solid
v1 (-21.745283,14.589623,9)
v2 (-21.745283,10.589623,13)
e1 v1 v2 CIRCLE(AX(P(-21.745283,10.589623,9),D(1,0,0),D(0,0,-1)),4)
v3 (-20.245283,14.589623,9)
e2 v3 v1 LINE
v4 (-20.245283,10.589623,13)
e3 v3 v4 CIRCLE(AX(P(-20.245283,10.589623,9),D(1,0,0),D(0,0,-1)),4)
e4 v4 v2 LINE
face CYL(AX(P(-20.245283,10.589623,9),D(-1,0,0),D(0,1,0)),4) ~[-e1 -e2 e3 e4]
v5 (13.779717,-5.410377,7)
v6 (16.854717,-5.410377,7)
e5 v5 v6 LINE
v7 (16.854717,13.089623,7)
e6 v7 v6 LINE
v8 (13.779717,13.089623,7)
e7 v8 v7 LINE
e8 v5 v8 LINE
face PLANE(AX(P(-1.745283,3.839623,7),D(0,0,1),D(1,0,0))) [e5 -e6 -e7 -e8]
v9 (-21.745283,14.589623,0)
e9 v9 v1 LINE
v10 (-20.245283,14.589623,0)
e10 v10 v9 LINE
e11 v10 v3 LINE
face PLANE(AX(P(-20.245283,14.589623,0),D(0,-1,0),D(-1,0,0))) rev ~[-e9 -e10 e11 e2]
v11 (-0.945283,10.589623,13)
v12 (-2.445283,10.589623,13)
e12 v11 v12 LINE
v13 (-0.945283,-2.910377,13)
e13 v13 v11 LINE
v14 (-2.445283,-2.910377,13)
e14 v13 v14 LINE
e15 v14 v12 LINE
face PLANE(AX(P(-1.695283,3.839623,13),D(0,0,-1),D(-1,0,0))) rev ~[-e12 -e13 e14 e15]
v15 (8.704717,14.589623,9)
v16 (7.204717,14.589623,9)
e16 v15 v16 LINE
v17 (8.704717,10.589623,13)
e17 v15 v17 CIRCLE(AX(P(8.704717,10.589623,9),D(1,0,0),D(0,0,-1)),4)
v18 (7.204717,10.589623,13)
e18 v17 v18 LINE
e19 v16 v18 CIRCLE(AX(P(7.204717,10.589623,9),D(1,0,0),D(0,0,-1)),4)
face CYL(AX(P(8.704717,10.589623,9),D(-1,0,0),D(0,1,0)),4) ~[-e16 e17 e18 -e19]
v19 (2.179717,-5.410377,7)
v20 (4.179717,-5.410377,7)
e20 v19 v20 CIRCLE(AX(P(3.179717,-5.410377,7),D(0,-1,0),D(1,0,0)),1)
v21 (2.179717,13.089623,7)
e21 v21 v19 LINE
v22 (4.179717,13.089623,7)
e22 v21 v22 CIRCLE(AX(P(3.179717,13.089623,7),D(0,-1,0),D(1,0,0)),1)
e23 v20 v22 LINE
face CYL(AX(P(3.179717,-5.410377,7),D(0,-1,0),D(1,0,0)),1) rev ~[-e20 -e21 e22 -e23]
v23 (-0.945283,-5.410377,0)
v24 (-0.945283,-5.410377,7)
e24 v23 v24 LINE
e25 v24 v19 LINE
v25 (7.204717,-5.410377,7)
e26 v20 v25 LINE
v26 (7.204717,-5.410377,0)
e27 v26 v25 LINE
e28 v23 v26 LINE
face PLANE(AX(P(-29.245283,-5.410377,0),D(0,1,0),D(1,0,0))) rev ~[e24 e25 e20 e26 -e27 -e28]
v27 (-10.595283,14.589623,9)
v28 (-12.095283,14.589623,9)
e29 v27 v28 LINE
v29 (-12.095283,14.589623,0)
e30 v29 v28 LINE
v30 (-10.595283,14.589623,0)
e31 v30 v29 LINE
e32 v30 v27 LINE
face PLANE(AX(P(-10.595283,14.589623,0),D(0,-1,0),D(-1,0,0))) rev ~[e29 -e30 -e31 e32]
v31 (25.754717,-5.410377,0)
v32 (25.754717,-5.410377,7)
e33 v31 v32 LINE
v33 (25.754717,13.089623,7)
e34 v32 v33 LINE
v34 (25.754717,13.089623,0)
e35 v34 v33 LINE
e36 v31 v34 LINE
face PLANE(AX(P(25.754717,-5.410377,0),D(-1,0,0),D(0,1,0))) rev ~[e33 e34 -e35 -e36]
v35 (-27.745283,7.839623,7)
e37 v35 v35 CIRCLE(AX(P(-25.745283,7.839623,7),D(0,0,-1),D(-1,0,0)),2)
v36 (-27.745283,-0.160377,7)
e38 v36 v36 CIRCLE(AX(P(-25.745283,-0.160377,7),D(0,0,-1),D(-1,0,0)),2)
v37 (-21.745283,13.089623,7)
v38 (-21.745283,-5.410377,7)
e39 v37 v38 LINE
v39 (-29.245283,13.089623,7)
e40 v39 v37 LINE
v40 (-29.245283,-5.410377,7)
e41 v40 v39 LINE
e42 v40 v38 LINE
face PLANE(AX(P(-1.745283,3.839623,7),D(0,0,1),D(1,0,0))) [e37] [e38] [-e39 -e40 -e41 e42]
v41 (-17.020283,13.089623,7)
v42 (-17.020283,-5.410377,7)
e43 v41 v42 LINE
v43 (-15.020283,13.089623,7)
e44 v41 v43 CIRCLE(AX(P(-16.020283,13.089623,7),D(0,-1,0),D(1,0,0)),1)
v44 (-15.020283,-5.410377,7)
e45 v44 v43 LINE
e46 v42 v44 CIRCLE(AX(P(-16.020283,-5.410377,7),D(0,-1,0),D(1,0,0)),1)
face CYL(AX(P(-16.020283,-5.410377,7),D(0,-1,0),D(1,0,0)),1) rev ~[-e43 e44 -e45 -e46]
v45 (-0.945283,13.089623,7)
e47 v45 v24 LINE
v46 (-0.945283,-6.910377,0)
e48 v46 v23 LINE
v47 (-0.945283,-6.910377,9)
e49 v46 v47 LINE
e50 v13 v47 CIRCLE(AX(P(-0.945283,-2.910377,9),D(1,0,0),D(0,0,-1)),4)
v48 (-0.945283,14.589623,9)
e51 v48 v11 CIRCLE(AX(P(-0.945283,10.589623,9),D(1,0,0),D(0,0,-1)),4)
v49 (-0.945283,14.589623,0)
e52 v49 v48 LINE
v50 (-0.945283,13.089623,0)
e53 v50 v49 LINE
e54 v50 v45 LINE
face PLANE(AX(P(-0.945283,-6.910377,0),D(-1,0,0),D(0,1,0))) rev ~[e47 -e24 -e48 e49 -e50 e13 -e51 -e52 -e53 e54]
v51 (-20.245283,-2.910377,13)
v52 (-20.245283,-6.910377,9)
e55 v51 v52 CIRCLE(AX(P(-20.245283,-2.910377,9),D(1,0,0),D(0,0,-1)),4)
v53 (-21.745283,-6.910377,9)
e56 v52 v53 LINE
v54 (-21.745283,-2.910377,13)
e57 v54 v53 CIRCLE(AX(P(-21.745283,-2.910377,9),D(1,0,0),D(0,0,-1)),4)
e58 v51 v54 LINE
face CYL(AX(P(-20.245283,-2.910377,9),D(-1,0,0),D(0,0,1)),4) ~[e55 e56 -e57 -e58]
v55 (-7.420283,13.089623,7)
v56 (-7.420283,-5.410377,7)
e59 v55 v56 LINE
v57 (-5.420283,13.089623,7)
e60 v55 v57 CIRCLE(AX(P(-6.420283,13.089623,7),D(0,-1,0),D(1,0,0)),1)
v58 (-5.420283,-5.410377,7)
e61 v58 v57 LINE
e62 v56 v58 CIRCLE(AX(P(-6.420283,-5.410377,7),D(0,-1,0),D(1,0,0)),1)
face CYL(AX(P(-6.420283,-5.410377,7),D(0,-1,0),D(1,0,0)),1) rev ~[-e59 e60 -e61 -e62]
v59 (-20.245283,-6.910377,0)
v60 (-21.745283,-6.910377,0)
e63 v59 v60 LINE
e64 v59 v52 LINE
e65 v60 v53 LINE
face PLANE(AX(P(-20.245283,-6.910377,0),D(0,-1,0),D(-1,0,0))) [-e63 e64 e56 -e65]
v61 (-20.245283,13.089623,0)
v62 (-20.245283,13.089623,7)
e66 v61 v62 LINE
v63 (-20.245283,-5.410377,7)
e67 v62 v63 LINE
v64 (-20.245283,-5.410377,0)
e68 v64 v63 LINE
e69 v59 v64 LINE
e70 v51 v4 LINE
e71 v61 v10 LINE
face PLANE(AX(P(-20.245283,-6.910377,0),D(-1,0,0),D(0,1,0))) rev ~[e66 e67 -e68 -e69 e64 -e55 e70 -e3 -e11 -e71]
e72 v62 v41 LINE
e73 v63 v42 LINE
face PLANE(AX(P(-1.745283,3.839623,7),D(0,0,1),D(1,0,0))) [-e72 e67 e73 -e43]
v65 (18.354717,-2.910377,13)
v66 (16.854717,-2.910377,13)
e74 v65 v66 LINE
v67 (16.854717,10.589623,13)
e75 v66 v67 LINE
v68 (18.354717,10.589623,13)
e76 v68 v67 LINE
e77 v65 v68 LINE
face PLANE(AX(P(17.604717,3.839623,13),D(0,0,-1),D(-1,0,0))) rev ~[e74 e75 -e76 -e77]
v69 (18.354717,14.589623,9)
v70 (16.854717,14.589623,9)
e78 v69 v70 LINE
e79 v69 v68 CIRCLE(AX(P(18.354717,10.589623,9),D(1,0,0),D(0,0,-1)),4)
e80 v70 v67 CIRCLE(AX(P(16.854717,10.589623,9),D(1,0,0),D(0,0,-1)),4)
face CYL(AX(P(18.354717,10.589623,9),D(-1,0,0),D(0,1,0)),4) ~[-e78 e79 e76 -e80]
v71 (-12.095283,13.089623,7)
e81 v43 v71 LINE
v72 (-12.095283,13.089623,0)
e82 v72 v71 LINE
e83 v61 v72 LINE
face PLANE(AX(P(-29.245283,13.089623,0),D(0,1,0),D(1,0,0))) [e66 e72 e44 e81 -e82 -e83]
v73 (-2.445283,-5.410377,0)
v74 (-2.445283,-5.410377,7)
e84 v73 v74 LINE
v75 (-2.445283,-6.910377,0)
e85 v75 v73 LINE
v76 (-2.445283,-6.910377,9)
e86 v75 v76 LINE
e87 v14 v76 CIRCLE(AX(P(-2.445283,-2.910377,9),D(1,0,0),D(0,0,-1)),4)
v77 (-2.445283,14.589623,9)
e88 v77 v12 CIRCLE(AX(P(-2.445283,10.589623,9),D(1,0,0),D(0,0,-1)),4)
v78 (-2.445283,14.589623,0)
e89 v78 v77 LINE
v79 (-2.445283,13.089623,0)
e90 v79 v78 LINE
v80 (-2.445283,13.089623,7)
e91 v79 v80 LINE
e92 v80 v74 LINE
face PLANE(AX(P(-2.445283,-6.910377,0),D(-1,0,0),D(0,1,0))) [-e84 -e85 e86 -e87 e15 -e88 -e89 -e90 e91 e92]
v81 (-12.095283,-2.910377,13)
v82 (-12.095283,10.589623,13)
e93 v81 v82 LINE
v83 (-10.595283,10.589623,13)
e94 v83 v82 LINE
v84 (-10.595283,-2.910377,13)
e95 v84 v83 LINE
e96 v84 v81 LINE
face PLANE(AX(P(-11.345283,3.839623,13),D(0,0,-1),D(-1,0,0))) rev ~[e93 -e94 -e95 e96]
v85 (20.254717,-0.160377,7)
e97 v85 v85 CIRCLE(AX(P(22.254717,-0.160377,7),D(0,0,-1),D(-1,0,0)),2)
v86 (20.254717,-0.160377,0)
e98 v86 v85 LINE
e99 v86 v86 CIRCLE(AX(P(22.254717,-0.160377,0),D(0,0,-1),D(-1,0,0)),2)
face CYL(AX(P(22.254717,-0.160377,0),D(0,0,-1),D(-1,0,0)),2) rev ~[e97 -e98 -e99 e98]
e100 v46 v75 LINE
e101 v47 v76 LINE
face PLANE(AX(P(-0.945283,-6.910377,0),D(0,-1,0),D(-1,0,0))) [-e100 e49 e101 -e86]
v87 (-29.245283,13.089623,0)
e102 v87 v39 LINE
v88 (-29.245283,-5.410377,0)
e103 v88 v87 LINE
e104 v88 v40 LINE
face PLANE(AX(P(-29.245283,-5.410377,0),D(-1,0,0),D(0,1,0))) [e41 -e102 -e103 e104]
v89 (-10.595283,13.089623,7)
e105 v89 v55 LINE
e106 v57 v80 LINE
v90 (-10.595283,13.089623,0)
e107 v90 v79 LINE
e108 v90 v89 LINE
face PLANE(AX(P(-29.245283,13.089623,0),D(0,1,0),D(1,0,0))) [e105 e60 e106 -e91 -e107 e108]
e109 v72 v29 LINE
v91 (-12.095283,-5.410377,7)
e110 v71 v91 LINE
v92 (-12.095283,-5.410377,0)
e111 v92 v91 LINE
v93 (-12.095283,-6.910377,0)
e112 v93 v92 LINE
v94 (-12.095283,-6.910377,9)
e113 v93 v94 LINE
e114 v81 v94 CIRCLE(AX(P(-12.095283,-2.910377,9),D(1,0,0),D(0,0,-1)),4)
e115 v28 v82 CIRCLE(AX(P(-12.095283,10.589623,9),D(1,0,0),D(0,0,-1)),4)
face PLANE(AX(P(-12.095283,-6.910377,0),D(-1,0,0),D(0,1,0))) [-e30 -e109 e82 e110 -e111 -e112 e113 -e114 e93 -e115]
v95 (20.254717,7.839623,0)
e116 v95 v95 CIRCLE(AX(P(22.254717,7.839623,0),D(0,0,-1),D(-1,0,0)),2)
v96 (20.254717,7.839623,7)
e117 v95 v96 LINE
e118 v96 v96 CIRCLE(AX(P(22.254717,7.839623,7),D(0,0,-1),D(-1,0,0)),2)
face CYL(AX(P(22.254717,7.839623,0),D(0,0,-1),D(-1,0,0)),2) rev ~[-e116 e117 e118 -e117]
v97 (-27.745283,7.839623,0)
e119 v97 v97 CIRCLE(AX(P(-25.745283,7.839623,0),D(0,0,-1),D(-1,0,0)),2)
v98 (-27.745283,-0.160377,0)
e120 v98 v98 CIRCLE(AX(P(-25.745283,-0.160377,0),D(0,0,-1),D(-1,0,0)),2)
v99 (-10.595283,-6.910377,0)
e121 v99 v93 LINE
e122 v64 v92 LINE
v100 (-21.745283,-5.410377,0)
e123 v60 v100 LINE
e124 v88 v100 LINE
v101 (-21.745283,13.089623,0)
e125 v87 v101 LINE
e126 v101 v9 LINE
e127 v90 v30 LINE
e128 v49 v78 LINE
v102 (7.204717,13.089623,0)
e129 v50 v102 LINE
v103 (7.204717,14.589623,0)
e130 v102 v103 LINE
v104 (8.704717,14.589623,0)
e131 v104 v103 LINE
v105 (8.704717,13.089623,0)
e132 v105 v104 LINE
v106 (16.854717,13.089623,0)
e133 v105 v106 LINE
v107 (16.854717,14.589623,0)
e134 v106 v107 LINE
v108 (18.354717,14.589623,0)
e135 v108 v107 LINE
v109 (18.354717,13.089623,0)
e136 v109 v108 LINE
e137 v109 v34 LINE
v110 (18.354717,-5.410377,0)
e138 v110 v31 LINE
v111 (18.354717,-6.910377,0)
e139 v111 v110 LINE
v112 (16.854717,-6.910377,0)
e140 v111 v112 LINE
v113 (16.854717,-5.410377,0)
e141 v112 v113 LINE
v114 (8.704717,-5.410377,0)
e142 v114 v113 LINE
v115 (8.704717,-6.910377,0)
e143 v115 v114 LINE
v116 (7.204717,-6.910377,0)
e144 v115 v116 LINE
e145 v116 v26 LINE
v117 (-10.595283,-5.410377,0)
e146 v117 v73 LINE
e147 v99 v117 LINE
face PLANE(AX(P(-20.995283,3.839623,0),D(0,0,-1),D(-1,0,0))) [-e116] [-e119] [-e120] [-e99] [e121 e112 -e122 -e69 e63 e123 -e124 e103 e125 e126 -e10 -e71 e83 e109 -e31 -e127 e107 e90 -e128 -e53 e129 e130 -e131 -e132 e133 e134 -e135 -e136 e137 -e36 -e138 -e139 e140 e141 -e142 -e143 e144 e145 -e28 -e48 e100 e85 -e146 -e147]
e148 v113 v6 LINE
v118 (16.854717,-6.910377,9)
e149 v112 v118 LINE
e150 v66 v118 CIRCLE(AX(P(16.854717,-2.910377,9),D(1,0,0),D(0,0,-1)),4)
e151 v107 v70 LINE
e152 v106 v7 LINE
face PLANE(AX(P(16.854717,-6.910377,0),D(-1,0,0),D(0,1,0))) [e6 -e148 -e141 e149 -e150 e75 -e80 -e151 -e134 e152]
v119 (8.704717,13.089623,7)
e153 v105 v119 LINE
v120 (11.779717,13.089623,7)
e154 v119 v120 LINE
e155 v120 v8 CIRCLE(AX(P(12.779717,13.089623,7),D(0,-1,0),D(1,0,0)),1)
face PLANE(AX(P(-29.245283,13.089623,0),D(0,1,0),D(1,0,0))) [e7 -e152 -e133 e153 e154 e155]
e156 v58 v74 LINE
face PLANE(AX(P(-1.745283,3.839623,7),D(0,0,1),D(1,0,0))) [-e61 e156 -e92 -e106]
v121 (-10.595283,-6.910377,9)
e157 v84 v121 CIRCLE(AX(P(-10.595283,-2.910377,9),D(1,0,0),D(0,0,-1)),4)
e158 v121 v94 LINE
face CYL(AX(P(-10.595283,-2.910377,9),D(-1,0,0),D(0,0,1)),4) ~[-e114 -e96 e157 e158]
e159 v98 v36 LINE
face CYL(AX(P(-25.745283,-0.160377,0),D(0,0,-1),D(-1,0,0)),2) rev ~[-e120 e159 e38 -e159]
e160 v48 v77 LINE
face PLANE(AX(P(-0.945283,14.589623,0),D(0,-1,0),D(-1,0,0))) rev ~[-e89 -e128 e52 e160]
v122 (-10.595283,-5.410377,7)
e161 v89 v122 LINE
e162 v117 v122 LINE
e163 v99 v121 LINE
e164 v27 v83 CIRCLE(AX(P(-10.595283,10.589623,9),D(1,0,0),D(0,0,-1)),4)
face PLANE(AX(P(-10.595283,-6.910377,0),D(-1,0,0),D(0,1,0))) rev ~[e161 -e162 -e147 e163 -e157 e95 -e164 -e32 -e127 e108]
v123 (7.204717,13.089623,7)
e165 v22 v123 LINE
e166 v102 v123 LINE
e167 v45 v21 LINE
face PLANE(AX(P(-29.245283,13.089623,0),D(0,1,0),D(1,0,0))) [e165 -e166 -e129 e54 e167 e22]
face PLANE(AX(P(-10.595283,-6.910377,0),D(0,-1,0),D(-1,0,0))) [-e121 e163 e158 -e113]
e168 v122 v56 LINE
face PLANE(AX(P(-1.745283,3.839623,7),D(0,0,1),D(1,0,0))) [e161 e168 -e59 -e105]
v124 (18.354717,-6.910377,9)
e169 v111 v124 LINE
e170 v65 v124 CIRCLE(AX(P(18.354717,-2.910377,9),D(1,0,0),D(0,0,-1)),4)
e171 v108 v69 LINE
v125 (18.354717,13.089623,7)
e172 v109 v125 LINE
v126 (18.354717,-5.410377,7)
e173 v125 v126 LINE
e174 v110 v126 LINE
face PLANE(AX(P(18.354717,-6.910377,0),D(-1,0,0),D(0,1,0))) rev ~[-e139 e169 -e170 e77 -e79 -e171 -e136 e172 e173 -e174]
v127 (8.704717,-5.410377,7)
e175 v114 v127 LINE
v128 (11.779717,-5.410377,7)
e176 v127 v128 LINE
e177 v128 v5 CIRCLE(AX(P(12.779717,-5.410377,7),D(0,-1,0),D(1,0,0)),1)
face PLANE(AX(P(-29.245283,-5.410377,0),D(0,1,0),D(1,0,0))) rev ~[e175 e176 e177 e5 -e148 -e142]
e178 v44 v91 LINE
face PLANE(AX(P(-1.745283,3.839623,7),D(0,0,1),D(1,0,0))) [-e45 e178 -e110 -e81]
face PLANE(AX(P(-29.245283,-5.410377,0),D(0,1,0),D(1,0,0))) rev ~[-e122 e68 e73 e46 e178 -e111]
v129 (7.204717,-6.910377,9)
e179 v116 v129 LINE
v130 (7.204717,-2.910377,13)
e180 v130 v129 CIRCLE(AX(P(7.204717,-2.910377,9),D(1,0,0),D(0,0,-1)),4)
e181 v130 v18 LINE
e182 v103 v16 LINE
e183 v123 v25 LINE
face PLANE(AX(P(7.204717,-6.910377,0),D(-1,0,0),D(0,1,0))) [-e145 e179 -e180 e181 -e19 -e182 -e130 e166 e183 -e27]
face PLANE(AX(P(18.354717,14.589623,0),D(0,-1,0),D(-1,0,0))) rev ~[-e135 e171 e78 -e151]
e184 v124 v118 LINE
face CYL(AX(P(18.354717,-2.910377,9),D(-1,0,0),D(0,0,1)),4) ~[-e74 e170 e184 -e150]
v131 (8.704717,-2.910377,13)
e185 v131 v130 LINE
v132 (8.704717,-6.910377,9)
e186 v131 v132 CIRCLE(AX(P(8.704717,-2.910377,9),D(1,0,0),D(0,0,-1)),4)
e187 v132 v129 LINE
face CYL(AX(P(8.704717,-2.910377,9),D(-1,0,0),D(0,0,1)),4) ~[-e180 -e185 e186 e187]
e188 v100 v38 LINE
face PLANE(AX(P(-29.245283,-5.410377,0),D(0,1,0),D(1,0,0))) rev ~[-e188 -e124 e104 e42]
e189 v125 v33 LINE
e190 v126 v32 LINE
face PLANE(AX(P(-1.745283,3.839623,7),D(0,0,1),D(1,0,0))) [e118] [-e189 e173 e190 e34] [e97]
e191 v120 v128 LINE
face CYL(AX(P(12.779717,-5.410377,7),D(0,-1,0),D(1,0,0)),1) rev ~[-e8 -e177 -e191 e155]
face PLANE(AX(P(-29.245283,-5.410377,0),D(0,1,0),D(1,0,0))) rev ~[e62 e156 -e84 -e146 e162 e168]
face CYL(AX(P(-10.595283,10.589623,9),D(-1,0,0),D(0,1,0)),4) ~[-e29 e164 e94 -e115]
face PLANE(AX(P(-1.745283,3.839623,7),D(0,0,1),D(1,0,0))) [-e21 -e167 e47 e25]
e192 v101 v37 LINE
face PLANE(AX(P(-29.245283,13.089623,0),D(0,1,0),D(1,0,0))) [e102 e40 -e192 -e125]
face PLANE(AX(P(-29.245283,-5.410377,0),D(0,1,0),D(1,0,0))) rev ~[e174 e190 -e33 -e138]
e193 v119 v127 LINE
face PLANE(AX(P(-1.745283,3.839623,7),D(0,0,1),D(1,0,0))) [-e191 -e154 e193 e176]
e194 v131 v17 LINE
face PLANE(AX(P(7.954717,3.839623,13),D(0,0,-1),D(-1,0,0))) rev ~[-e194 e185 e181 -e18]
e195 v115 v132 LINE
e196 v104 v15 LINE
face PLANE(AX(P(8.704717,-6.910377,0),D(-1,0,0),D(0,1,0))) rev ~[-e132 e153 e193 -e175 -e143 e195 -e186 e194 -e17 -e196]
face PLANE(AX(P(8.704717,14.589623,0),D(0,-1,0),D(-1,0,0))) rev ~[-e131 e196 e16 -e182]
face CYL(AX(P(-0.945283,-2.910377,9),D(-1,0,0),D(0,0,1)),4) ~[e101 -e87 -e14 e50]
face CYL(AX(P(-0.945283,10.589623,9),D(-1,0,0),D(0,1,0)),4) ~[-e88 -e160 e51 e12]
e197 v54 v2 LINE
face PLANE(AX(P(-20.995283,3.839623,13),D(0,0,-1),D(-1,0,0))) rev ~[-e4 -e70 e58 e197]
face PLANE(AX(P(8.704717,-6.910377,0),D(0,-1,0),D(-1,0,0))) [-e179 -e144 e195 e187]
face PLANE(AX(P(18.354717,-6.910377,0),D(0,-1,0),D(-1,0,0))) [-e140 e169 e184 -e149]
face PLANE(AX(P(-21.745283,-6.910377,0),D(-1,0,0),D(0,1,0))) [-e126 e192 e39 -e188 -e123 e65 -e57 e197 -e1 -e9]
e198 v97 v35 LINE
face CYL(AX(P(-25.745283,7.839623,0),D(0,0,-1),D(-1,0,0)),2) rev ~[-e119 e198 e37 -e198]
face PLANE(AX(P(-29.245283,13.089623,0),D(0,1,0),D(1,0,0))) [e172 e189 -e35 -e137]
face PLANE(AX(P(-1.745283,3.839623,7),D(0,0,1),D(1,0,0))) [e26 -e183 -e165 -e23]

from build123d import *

# Parameters (mm, degrees)
ESQUISSE1_W                = 55
ESQUISSE1_H                = 18.5
BOSS_EXTRU_1_DEPTH         = 7
ENL_V_MAT_EXTRU_1_REACH    = 9
ESQUISSE2_R                = 2
ESQUISSE3_W                = 1.5
ESQUISSE3_H                = 21.5
BOSS_EXTRU_2_DEPTH         = 13
CONG_1_R                   = 4
ESQUISSE4_R                = 1
ENL_V_MAT_EXTRU_2_DEPTH    = 18.5
R_P_TITION_LIN_AIRE1_COUNT = 4
R_P_TITION_LIN_AIRE1_PITCH = 9.6


with BuildPart() as part:
    # Esquisse1 → Boss.-Extru.1 (new body)
    with BuildSketch(Plane.XY):
        with Locations((-1.745283019, 3.839622642)):
            Rectangle(ESQUISSE1_W, ESQUISSE1_H)
    extrude(amount=BOSS_EXTRU_1_DEPTH)

    # Esquisse2 → Enlèv. mat.-Extru.1 (cut, up to next)
    with BuildSketch(Plane(origin=(0, 0, 0), x_dir=(-1, 0, 0), z_dir=(0, 0, -1)), mode=Mode.PRIVATE) as enl_v_mat_extru_1_sk1:
        with Locations((-22.254716981, 7.839622642)):
            Circle(ESQUISSE2_R)
    enl_v_mat_extru_1_tool1 = extrude(enl_v_mat_extru_1_sk1.sketch, amount=-ENL_V_MAT_EXTRU_1_REACH, mode=Mode.PRIVATE) & part.part
    add(enl_v_mat_extru_1_tool1.solids().sort_by_distance((22.254717, 7.839623, 0))[0], mode=Mode.SUBTRACT)
    # Esquisse2 → Enlèv. mat.-Extru.1 (cut, up to next)
    with BuildSketch(Plane(origin=(0, 0, 0), x_dir=(-1, 0, 0), z_dir=(0, 0, -1)), mode=Mode.PRIVATE) as enl_v_mat_extru_1_sk2:
        with Locations((-22.254716981, -0.160377358)):
            Circle(ESQUISSE2_R)
    enl_v_mat_extru_1_tool2 = extrude(enl_v_mat_extru_1_sk2.sketch, amount=-ENL_V_MAT_EXTRU_1_REACH, mode=Mode.PRIVATE) & part.part
    add(enl_v_mat_extru_1_tool2.solids().sort_by_distance((22.254717, -0.160377, 0))[0], mode=Mode.SUBTRACT)
    # Esquisse2 → Enlèv. mat.-Extru.1 (cut, up to next)
    with BuildSketch(Plane(origin=(0, 0, 0), x_dir=(-1, 0, 0), z_dir=(0, 0, -1)), mode=Mode.PRIVATE) as enl_v_mat_extru_1_sk3:
        with Locations((25.745283019, -0.160377358)):
            Circle(ESQUISSE2_R)
    enl_v_mat_extru_1_tool3 = extrude(enl_v_mat_extru_1_sk3.sketch, amount=-ENL_V_MAT_EXTRU_1_REACH, mode=Mode.PRIVATE) & part.part
    add(enl_v_mat_extru_1_tool3.solids().sort_by_distance((-25.745283, -0.160377, 0))[0], mode=Mode.SUBTRACT)
    # Esquisse2 → Enlèv. mat.-Extru.1 (cut, up to next)
    with BuildSketch(Plane(origin=(0, 0, 0), x_dir=(-1, 0, 0), z_dir=(0, 0, -1)), mode=Mode.PRIVATE) as enl_v_mat_extru_1_sk4:
        with Locations((25.745283019, 7.839622642)):
            Circle(ESQUISSE2_R)
    enl_v_mat_extru_1_tool4 = extrude(enl_v_mat_extru_1_sk4.sketch, amount=-ENL_V_MAT_EXTRU_1_REACH, mode=Mode.PRIVATE) & part.part
    add(enl_v_mat_extru_1_tool4.solids().sort_by_distance((-25.745283, 7.839623, 0))[0], mode=Mode.SUBTRACT)

    # Esquisse3 → Boss.-Extru.2 (add)
    with BuildSketch(Plane(origin=(0, 0, 0), x_dir=(-1, 0, 0), z_dir=(0, 0, -1))):
        with Locations((20.995283019, 3.839622642)):
            Rectangle(ESQUISSE3_W, ESQUISSE3_H)
        with Locations((11.345283019, 3.839622642)):
            Rectangle(ESQUISSE3_W, ESQUISSE3_H)
        with Locations((1.695283019, 3.839622642)):
            Rectangle(ESQUISSE3_W, ESQUISSE3_H)
        with Locations((-7.954716981, 3.839622642)):
            Rectangle(ESQUISSE3_W, ESQUISSE3_H)
        with Locations((-17.604716981, 3.839622642)):
            Rectangle(ESQUISSE3_W, ESQUISSE3_H)
    extrude(amount=-BOSS_EXTRU_2_DEPTH)

    # Congé1
    cong_1_edges = [part.edges().sort_by_distance(p)[0] for p in [
        (17.604716981, -6.910377358, 13),
        (17.604716981, 14.589622642, 13),
        (-20.995283019, -6.910377358, 13),
        (-20.995283019, 14.589622642, 13),
        (-11.345283019, -6.910377358, 13),
        (-11.345283019, 14.589622642, 13),
        (-1.695283019, -6.910377358, 13),
        (-1.695283019, 14.589622642, 13),
        (7.954716981, -6.910377358, 13),
        (7.954716981, 14.589622642, 13),
    ]]
    fillet(cong_1_edges, radius=CONG_1_R)

    # Esquisse4 → Enlèv. mat.-Extru.2 (cut)
    with BuildSketch(Plane.XZ.offset(5.410377358)):
        with Locations((12.779716981, 7)):
            Circle(ESQUISSE4_R)
    enl_v_mat_extru_2 = extrude(amount=-ENL_V_MAT_EXTRU_2_DEPTH, mode=Mode.SUBTRACT)

    # Répétition linéaire1: Enlèv. mat.-Extru.2 ×4
    with Locations(*[(-i * R_P_TITION_LIN_AIRE1_PITCH, 0, 0) for i in range(1, R_P_TITION_LIN_AIRE1_COUNT)]):
        add(enl_v_mat_extru_2, mode=Mode.SUBTRACT)


solid = part.part
